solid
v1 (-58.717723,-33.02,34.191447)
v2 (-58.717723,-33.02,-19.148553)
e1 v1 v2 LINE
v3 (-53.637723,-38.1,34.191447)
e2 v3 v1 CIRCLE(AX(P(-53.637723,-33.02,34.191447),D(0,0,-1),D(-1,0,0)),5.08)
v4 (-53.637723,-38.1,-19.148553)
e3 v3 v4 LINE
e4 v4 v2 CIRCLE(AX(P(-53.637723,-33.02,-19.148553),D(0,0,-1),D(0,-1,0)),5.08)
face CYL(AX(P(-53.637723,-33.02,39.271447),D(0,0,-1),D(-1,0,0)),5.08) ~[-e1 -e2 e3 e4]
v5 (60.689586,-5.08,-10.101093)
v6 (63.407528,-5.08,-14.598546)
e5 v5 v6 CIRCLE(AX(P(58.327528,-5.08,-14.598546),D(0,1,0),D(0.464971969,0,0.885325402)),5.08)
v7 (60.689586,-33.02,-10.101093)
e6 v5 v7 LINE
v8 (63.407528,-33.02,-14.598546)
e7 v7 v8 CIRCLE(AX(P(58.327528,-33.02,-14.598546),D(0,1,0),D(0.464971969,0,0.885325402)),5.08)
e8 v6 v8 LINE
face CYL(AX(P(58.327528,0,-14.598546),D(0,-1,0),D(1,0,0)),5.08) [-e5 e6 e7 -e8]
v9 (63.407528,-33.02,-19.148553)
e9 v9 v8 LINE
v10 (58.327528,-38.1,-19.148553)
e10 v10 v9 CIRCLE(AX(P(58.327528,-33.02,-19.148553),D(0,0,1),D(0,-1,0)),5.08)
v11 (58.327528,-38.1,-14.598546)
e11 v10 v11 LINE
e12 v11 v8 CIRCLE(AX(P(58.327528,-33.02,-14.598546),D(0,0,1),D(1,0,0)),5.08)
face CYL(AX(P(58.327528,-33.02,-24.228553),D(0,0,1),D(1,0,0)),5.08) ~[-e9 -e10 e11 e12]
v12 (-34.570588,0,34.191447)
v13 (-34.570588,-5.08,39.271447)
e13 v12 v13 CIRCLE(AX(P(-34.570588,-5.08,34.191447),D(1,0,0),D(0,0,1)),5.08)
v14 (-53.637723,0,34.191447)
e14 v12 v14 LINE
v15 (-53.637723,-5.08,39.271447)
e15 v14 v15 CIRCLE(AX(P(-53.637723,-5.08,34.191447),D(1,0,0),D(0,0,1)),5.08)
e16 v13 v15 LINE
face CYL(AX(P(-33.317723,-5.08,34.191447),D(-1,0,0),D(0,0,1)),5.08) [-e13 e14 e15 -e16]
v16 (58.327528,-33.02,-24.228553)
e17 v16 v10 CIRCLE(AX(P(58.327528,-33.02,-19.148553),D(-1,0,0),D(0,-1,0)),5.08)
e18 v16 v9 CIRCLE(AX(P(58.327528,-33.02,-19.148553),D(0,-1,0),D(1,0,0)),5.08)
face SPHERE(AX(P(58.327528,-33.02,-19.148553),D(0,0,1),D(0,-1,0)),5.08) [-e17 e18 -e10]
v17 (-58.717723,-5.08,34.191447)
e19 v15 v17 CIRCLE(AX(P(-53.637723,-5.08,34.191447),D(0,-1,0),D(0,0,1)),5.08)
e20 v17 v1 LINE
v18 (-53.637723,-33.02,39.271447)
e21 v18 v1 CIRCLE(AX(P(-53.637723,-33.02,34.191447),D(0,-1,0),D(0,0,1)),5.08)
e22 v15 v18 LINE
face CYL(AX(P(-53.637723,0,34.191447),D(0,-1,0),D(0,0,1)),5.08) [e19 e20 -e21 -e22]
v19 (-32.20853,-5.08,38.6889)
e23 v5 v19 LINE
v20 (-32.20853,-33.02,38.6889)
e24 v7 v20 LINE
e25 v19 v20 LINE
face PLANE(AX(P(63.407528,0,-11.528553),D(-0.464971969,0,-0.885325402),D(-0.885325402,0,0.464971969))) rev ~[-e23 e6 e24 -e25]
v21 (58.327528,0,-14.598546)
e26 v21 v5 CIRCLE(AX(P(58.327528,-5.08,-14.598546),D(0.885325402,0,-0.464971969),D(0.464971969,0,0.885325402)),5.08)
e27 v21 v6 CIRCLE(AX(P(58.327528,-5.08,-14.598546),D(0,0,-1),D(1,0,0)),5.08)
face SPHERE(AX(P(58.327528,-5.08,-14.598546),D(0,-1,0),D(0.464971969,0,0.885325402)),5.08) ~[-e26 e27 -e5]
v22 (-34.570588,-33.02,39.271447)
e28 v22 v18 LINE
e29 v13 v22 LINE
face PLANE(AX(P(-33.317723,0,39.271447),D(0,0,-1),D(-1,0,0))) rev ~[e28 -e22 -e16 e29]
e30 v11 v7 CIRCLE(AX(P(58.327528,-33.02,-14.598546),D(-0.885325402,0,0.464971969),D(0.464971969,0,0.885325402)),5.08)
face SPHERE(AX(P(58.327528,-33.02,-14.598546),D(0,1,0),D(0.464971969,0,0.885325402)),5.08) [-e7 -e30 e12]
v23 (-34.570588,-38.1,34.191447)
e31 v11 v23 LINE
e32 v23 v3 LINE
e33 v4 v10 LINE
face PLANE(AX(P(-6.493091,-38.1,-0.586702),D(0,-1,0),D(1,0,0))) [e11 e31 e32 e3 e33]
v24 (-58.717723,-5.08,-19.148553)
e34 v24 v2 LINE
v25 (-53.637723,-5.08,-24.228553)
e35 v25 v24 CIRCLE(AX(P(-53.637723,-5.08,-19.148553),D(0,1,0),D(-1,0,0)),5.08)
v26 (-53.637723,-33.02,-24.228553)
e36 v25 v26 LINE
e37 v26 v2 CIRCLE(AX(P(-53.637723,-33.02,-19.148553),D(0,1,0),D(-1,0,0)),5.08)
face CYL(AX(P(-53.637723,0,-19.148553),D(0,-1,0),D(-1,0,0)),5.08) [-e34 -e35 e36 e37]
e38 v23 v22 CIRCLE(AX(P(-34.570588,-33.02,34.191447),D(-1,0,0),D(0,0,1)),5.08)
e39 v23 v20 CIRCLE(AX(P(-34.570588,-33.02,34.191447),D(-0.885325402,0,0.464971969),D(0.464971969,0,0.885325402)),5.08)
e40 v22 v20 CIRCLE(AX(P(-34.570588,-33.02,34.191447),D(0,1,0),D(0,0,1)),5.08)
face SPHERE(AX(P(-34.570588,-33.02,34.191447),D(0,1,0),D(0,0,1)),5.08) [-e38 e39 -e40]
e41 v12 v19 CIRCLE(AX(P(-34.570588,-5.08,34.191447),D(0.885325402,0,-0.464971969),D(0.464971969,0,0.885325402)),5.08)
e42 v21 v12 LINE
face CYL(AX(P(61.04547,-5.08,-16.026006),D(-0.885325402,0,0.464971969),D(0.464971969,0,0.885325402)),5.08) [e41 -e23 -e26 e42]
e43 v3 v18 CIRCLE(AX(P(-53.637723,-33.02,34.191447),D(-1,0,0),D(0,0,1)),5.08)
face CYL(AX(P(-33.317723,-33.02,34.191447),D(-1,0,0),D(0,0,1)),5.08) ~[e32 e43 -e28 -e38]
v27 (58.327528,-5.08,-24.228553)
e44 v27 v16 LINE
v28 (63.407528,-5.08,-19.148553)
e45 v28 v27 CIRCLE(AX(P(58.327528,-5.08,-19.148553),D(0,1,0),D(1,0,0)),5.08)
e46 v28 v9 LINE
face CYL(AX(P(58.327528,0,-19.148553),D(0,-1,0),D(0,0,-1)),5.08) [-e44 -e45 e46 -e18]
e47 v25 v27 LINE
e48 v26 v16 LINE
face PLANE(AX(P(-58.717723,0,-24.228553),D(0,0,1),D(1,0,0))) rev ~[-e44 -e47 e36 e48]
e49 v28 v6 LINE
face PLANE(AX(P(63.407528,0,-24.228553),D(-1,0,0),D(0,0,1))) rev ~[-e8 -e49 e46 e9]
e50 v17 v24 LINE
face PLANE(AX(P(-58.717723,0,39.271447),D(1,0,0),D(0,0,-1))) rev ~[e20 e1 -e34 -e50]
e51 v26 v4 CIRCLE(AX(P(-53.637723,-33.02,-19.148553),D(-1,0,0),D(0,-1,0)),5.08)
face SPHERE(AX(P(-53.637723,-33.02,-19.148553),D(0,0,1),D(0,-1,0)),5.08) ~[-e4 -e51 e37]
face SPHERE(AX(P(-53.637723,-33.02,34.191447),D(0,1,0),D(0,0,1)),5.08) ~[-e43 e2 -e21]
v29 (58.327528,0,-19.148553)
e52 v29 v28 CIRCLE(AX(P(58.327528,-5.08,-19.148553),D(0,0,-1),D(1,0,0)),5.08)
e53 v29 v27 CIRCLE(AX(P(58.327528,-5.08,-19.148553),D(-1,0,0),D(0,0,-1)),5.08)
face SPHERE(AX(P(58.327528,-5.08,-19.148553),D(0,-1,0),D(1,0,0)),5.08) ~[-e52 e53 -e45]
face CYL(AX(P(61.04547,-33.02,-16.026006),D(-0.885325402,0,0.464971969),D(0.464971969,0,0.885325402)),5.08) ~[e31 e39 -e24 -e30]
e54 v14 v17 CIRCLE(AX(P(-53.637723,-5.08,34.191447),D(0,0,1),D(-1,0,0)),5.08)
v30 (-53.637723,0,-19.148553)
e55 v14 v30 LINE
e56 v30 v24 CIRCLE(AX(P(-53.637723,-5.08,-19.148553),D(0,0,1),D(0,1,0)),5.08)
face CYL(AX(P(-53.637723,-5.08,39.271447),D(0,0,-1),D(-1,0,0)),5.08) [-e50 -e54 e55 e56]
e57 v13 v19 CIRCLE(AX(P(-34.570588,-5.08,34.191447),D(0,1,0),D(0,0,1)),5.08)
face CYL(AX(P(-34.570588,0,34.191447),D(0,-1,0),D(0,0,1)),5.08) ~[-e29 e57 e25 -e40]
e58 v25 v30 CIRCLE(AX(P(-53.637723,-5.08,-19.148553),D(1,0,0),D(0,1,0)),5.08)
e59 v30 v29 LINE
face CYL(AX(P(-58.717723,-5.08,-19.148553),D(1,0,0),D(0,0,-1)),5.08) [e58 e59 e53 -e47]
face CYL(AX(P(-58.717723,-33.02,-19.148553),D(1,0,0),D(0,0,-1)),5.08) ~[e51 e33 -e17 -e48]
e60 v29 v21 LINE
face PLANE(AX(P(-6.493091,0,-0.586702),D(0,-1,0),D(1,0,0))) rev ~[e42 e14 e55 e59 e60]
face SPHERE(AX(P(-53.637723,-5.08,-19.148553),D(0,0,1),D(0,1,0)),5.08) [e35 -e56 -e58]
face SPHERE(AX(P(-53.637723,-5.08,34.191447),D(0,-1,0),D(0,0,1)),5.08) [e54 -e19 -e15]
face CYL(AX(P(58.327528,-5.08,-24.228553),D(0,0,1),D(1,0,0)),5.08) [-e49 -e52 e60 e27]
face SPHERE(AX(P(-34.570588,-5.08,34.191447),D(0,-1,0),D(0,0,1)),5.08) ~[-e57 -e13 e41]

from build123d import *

# Parameters (mm, degrees)
F1_DEPTH = 38.1
F2_R     = 5.08


with BuildPart() as f1:
    # F0 (on Front) → F1 (new body)
    with BuildSketch(Plane.XZ):
        Polygon((-33.317723, 39.271447), (-58.717723, 39.271447), (-58.717723, -24.228553), (63.407528, -24.228553), (63.407528, -11.528553), align=None)
    extrude(amount=F1_DEPTH)

    # F2
    f2_edges = [f1.edges().sort_by_distance(p)[0] for p in [
        (-33.317723, -19.05, 39.271447),
        (-58.717723, -19.05, 39.271447),
        (-46.017723, 0, 39.271447),
        (-46.017723, -38.1, 39.271447),
        (63.407528, -19.05, -11.528553),
        (15.044903, 0, 13.871447),
        (15.044903, -38.1, 13.871447),
        (63.407528, -38.1, -17.878553),
        (-58.717723, -38.1, 7.521447),
        (2.344903, -38.1, -24.228553),
        (63.407528, -19.05, -24.228553),
        (63.407528, 0, -17.878553),
        (-58.717723, 0, 7.521447),
        (2.344903, 0, -24.228553),
        (-58.717723, -19.05, -24.228553),
    ]]
    fillet(f2_edges, radius=F2_R)


solid = f1.part
